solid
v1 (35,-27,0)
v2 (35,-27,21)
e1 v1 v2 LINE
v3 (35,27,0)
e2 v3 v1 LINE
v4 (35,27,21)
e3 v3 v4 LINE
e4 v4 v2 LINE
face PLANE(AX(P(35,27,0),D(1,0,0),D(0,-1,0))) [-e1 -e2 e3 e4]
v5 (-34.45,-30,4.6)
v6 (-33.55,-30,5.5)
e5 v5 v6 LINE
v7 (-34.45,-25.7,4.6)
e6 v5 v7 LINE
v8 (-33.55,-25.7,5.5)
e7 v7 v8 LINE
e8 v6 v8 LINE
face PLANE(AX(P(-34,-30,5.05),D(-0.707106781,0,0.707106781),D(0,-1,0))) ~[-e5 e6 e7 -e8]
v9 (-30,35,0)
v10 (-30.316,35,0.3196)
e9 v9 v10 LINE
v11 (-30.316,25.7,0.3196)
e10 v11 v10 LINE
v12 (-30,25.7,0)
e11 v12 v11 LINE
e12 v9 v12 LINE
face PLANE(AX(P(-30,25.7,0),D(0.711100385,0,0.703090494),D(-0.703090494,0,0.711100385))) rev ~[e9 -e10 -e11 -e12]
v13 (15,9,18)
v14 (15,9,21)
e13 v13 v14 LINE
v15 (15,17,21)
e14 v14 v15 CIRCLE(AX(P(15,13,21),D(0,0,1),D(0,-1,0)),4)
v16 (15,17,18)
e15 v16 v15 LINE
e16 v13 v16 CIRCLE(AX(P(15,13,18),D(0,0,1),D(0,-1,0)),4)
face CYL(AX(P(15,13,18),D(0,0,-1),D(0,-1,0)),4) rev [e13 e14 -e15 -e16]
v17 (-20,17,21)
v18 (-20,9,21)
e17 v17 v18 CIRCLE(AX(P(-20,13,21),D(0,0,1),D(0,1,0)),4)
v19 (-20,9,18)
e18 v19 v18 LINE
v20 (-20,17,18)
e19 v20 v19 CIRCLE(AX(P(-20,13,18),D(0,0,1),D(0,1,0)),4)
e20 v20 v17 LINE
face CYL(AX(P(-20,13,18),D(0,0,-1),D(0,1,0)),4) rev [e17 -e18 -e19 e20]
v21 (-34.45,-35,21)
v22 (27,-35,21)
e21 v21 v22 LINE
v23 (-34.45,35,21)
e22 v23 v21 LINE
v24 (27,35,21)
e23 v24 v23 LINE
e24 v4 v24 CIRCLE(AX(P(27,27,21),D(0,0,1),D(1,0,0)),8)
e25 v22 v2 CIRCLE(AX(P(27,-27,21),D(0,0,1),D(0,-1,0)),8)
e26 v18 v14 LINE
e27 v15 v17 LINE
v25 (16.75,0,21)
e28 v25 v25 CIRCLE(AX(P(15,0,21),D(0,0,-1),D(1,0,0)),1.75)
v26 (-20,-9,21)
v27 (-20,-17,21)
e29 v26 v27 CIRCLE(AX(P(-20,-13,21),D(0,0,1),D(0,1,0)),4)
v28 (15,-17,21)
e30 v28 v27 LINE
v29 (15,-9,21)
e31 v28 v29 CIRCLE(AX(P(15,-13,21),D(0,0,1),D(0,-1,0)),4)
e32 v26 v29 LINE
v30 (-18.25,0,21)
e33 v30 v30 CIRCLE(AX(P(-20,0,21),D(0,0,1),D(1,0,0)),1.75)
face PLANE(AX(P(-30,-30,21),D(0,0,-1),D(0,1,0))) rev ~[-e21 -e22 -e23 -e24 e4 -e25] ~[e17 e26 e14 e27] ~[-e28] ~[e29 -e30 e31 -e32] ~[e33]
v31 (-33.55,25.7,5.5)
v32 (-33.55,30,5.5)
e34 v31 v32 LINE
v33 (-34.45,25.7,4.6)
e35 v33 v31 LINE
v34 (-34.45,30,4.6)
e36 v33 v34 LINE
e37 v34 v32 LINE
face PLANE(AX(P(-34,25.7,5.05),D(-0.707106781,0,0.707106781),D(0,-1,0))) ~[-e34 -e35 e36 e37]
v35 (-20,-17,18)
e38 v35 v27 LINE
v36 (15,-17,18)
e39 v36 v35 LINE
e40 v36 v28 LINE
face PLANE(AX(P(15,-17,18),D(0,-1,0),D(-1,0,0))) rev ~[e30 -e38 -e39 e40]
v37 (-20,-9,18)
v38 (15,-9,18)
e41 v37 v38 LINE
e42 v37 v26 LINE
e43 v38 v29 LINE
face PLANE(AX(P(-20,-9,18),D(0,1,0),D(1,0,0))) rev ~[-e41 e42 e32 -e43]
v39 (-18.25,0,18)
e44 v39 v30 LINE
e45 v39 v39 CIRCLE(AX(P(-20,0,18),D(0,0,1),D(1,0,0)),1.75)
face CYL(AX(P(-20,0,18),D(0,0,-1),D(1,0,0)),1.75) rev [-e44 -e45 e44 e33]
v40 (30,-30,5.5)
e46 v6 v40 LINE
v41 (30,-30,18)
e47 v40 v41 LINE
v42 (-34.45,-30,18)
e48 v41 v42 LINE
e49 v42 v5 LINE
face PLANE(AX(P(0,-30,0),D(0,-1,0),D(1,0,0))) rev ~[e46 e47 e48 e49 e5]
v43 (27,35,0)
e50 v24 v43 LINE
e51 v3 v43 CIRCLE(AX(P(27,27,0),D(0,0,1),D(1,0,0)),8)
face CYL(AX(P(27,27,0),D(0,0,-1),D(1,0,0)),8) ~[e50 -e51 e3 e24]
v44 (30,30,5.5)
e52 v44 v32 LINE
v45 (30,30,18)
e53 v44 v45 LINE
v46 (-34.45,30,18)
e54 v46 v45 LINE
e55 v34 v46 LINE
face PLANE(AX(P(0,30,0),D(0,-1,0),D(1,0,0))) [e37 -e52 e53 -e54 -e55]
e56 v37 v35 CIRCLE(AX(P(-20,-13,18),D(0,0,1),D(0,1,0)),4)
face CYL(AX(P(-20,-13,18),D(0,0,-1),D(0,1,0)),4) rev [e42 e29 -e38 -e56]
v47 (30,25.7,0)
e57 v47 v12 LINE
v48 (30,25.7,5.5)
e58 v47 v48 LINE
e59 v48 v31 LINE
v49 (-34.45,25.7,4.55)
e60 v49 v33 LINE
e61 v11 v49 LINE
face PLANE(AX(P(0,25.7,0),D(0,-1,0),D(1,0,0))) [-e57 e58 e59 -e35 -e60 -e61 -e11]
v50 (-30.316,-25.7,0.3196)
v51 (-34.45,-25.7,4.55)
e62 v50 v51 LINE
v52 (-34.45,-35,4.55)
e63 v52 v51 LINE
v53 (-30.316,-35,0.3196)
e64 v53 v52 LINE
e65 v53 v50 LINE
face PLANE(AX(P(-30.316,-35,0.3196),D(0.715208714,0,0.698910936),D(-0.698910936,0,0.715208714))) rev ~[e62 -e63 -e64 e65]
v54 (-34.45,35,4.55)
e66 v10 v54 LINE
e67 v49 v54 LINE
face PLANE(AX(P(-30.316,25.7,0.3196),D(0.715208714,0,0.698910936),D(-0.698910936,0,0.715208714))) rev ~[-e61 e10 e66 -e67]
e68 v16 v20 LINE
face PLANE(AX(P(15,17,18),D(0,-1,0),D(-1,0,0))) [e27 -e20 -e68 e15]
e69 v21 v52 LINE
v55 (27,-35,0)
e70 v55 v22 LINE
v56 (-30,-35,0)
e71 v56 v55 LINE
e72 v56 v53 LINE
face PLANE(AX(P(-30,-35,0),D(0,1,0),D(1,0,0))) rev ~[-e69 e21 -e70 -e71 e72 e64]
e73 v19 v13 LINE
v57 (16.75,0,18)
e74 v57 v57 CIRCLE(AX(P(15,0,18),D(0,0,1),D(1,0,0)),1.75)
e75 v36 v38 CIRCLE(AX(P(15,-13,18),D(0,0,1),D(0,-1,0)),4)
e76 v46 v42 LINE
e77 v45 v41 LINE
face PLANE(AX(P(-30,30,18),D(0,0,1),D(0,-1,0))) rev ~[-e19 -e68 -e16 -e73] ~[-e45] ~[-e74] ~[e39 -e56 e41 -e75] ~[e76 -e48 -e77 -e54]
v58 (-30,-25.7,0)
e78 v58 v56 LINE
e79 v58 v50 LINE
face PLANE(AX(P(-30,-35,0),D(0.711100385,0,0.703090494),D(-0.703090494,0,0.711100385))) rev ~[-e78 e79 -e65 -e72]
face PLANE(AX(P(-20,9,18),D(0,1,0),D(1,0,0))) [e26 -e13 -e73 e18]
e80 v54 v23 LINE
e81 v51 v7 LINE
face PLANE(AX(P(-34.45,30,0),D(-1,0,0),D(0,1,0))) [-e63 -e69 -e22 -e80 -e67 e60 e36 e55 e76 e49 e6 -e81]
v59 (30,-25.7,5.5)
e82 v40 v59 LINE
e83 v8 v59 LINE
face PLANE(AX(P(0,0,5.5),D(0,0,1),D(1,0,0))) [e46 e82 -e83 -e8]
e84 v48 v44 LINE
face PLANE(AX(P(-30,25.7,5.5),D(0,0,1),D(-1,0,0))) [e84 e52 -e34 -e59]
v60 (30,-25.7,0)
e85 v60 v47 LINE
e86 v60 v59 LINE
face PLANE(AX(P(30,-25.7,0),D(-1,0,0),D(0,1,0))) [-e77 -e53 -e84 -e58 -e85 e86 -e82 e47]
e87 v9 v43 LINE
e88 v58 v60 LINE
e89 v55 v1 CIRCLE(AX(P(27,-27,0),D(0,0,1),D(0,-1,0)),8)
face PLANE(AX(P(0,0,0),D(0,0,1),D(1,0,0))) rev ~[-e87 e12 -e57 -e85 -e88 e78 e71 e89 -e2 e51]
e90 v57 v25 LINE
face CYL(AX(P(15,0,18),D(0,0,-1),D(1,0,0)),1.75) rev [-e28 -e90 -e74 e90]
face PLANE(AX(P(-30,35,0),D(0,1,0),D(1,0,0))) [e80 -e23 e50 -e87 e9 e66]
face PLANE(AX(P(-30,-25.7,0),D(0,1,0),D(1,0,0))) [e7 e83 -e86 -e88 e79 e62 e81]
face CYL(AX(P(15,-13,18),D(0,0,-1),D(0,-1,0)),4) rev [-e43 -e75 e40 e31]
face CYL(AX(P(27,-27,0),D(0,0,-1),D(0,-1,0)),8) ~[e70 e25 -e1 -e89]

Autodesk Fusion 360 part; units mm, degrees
sketch "Sketch1" plane through (0, 0, 0) normal (0, 0, 1) x (1, 0, 0)
  line L0 (30, 25.7) -> (-30, 25.7)
  line L1 (-30, 25.7) -> (-30, -25.7)
  line L2 (-30, -25.7) -> (30, -25.7)
  line L3 (30, -25.7) -> (30, 25.7)
  line L4 (30, -30) -> (-30, -30)
  line L5 (-30, -35) -> (-30, 35)
  line L6 (-30, 30) -> (30, 30)
  line L7 (30, 30) -> (30, -30)
  line L8 (-30, 35) -> (27, 35)
  line L9 (35, 27) -> (35, -27)
  line L10 (-30, -35) -> (27, -35)
  arc A0 (35, 27) -> (27, 35) centre (27, 27) ccw
  arc A1 (27, -35) -> (35, -27) centre (27, -27) ccw
  circle A2 centre (-20, 0) radius 1.75
  circle A3 centre (15, 0) radius 1.75
  line L11 (-20, 9) -> (15, 9)
  arc A4 (15, 9) -> (15, 17) centre (15, 13) ccw
  line L12 (15, 17) -> (-20, 17)
  arc A5 (-20, 17) -> (-20, 9) centre (-20, 13) ccw
  line L13 (-20, 13) -> (15, 13) construction
  line L14 (1.75, 0) -> (22.5, 0)
  line L15 (-20, -9) -> (15, -9)
  arc A6 (-20, -9) -> (-20, -17) centre (-20, -13) ccw
  line L16 (15, -17) -> (-20, -17)
  arc A7 (15, -17) -> (15, -9) centre (15, -13) ccw
  dimension "d1" = 60
  dimension "d2" = 51.4
  dimension "d3" = 60
  dimension "d6" = 8
  dimension "d15" = 3.5
  dimension "d16" = 3.5
extrude "Extrude1" add sketch "Sketch1" along normal blind 5.5 contours L3 L4 L5 L6 L7 L8 L9 L10 A0 A1 | L0 L5 L6 L7 | L2 L4 L5 L7
extrude "Extrude2" add sketch "Sketch1" along normal blind 18 contours L3 L4 L5 L6 L7 L8 L9 L10 A0 A1
extrude "Extrude3" add sketch "Sketch1" along normal blind 21 and the other way blind -18
sketch "Sketch2" plane through (0, -35, 0) normal (0, -1, 0) x (1, 0, 0)
  line L0 (-30, 0) -> (27, 0)
  line L1 (27, 0) -> (27, 21)
  line L2 (27, 21) -> (-30, 21)
  line L3 (-30, 21) -> (-30, 0)
  line L4 (-30, 0) -> (-34.45, 0)
  line L5 (-34.45, 0) -> (-34.45, 4.55)
  line L6 (-30, 0) -> (-30.316, 0.3196)
  line L7 (-30.316, 0.3196) -> (-34.45, 4.55)
  line L8 (-34.45, 4.55) -> (-34.45, 21)
  line L9 (-34.45, 21) -> (-30, 21)
  line L10 (-30, 0) -> (-30, 5.5)
  line L11 (-30, 5.5) -> (-34.45, 5.5)
  dimension "d17" = 4.45
  dimension "d18" = 4.55
  dimension "d25" = 5.5
extrude "Extrude4" add sketch "Sketch2" against normal blind 5 contours L3 L6 L7 L8 L10 L11 | L3 L8 L9 L11
extrude "Extrude5" add sketch "Sketch2" along normal blind -70 and the other way blind 65 contours L3 L6 L7 L8 L10 L11 | L3 L8 L9 L11
extrude "Extrude6" add sketch "Sketch2" against normal blind 9.3 contours L3 L6 L7 L8 L10 L11
extrude "Extrude7" add sketch "Sketch2" along normal blind -65 and the other way blind 60.7 contours L3 L6 L7 L8 L10 L11
extrude "Extrude8" add 1 faces at (-30, -10, 19) along direction (-1, 0, 0) blind 4.45
chamfer "Chamfer1" distance 0.9 angle 45 2 edges at (-34.45, 27.85, 5.5) (-34.45, -27.85, 5.5)
